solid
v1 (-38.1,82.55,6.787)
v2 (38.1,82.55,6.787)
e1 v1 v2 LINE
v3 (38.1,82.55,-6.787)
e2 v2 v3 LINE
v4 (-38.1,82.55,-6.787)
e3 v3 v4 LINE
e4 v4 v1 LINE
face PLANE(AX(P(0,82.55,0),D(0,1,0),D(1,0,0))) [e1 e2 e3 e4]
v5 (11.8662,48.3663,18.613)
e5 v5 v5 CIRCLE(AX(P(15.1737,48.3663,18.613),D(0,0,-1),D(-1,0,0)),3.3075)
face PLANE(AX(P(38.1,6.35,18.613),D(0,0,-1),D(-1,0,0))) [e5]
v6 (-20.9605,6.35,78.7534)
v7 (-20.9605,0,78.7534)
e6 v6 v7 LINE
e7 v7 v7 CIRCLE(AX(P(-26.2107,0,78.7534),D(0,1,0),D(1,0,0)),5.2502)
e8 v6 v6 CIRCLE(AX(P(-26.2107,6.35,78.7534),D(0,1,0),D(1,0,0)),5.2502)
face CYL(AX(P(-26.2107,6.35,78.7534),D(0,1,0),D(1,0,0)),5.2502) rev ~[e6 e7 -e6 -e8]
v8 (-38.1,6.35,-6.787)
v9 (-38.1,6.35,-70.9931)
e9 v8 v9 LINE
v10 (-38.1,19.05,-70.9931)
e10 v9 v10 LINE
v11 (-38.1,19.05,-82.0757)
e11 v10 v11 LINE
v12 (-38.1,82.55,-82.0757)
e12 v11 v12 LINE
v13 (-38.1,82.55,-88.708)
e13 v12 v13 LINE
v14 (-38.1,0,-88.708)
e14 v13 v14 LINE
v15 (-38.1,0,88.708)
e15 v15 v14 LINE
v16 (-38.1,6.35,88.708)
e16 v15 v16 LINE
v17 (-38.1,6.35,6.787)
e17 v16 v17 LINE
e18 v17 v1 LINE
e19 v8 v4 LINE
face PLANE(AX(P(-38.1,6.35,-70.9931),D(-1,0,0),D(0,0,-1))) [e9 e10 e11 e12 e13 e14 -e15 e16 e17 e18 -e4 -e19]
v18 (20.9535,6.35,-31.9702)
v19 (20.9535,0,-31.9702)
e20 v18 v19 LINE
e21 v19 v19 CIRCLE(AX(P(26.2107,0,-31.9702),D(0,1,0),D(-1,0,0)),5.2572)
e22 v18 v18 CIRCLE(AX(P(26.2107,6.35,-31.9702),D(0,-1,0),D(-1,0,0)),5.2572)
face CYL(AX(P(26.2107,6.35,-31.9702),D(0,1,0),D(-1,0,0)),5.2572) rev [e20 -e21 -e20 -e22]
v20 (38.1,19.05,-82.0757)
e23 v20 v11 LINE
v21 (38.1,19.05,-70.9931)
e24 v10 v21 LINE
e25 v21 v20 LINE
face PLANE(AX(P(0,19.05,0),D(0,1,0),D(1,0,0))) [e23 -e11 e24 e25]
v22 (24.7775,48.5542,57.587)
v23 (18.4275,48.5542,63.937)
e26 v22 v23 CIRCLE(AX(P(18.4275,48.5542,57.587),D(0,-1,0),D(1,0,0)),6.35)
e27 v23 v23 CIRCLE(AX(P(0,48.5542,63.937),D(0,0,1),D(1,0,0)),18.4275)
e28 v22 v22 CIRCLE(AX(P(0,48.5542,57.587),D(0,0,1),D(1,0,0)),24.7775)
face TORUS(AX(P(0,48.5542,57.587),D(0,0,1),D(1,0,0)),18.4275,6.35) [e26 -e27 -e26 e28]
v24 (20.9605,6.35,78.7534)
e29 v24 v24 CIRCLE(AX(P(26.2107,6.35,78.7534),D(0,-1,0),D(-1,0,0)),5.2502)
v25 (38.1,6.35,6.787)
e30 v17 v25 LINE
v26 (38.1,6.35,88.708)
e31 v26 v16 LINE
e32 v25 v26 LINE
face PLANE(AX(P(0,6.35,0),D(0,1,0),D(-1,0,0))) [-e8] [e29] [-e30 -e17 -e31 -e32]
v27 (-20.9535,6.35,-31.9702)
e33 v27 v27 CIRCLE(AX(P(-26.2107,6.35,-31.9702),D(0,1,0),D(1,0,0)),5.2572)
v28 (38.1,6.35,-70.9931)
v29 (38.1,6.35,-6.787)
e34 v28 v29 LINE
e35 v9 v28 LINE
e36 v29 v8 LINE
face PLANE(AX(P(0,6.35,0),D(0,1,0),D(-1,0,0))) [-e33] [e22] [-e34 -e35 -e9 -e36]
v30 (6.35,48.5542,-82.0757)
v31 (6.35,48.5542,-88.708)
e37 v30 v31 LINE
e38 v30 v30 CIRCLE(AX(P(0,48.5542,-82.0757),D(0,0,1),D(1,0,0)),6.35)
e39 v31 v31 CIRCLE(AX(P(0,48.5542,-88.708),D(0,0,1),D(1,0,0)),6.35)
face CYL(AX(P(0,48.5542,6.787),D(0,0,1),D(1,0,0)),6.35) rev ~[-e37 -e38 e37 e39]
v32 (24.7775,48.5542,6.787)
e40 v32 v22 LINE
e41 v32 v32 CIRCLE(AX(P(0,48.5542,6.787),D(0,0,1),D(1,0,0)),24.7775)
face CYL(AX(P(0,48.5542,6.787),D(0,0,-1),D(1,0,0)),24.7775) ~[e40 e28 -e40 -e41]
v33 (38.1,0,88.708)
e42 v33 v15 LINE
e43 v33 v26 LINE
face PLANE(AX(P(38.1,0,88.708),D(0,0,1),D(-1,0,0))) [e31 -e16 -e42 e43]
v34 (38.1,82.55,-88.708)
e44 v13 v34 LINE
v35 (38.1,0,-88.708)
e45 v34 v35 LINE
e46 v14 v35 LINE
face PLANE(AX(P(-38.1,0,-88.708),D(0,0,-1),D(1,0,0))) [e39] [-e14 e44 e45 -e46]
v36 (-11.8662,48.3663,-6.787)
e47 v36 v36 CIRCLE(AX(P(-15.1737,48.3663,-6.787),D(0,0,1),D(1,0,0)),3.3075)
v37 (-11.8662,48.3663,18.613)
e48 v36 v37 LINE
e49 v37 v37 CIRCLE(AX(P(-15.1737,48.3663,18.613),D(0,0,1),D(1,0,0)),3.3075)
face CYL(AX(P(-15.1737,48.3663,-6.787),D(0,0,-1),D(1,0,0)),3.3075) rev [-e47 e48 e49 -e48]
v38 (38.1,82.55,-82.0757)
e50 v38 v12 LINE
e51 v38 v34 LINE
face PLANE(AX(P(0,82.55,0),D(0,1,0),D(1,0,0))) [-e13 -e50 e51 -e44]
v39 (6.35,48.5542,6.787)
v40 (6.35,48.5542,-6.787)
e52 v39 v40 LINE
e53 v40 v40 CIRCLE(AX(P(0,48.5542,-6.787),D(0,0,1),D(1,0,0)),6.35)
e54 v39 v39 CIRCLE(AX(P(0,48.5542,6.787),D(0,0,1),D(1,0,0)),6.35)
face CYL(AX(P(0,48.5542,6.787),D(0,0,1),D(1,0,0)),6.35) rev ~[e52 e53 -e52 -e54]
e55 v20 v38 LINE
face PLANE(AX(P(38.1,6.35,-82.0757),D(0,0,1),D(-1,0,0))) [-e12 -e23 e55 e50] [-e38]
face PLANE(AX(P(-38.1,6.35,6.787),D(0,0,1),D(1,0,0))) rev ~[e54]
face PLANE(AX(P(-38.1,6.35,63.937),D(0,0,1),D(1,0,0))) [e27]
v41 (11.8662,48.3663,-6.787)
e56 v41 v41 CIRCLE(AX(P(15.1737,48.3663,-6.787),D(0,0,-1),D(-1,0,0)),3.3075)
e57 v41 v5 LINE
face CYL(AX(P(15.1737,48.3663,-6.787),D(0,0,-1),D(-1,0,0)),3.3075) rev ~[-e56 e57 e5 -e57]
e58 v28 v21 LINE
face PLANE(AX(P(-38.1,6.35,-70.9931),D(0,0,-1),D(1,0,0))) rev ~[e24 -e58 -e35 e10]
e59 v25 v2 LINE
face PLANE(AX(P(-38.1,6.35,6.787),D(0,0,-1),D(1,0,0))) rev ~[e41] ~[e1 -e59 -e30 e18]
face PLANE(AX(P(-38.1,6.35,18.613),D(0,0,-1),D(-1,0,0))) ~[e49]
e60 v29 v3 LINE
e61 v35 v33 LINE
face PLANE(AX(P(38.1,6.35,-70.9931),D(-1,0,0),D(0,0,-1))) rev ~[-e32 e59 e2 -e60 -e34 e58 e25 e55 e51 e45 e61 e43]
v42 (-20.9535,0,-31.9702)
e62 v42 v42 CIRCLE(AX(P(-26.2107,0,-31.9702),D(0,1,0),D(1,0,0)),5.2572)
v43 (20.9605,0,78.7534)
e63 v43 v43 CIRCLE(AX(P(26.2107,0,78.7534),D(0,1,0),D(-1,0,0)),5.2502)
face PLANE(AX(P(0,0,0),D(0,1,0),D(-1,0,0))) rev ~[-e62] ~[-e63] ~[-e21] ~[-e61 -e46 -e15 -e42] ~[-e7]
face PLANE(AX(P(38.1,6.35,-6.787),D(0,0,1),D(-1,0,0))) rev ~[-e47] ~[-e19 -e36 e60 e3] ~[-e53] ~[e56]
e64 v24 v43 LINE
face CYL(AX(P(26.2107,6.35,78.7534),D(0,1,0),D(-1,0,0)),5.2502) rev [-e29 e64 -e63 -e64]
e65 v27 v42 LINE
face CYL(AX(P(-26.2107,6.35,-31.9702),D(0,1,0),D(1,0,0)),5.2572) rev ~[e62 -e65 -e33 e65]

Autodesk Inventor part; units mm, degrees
ref_plane "YZ Plane" through (0, 0, 0) normal (1, 0, 0) x (0, 1, 0)
ref_plane "XZ Plane" through (0, 0, 0) normal (0, 1, 0) x (-1, 0, 0)
ref_plane "XY Plane" through (0, 0, 0) normal (0, 0, 1) x (1, 0, 0)
sketch "Sketch1" plane through (0, 0, 0) normal (0, 1, 0) x (-1, 0, 0)
  line L0 (-38.1, 88.708) -> (38.1, 88.708)
  line L1 (38.1, 88.708) -> (38.1, -88.708)
  line L2 (38.1, -88.708) -> (-38.1, -88.708)
  line L3 (-38.1, -88.708) -> (-38.1, 88.708)
  line L4 (-38.1, 88.708) -> (38.1, -88.708) construction
  line L5 (38.1, 88.708) -> (-38.1, -88.708) construction
  point P0 (0, 0)
  dimension "d0" = 76.2
extrude "Extrusion1" add sketch "Sketch1" along normal blind 6.35
sketch "Sketch2" plane through (0, 6.35, 0) normal (0, 1, 0) x (1, 0, 0)
  line L0 (38.1, -88.708) -> (38.1, 88.708) projected
  line L1 (-38.1, -6.787) -> (38.1, -6.787)
  line L2 (38.1, -6.787) -> (38.1, 6.787)
  line L3 (38.1, 6.787) -> (-38.1, 6.787)
  line L4 (-38.1, 6.787) -> (-38.1, -6.787)
  line L5 (-38.1, -6.787) -> (38.1, 6.787) construction
  line L6 (38.1, -6.787) -> (-38.1, 6.787) construction
  line L7 (-38.1, 88.708) -> (38.1, 88.708)
  line L8 (38.1, 88.708) -> (38.1, 82.0757)
  line L9 (38.1, 82.0757) -> (-38.1, 82.0757)
  line L10 (-38.1, 82.0757) -> (-38.1, 88.708)
  point P0 (0, 0)
extrude "Extrusion2" add sketch "Sketch2" along normal blind 76.2
sketch "Sketch3" plane through (0, 6.35, 0) normal (0, 1, 0) x (1, 0, 0)
  line L0 (-38.1, -88.708) -> (-38.1, 88.708) projected
  line L1 (38.1, 88.708) -> (-38.1, 88.708)
  line L2 (-38.1, 88.708) -> (-38.1, 70.9931)
  line L3 (-38.1, 70.9931) -> (38.1, 70.9931)
  line L4 (38.1, 70.9931) -> (38.1, 88.708)
  point P0 (0, 0)
extrude "Extrusion3" add sketch "Sketch3" along normal blind 12.7
sketch "Sketch4" plane through (-38.1, 6.35, 6.787) normal (0, 0, 1) x (1, 0, 0)
  circle A0 centre (38.1, 42.2042) radius 6.35
  point P0 (38.1, -6.35)
  dimension "d7" = 12.7
extrude "Extrusion4" cut sketch "Sketch4" against normal blind 100.0125
sketch "Sketch5" plane through (-38.1, 6.35, 6.787) normal (0, 0, 1) x (1, 0, 0)
  circle A0 centre (38.1, 42.2042) radius 24.7775
  circle A1 centre (38.1, 42.2042) radius 6.35 projected
  point P0 (38.1, -6.35)
extrude "Extrusion5" add sketch "Sketch5" along normal blind 57.15 contours A0 | A1
fillet "Fillet1" radius 6.35 1 edges at (-24.7775, 48.5542, 63.937)
sketch "Sketch6" plane through (0, 6.35, 0) normal (0, 1, 0) x (1, 0, 0)
  circle A0 centre (-26.2107, -78.7534) radius 5.2502
  circle A1 centre (-26.2107, 31.9702) radius 5.2572
  point P0 (0, 0)
extrude "Extrusion6" cut sketch "Sketch6" against normal blind 25.4
mirror "Mirror1" about plane through (0, 0, 0) normal (1, 0, 0) of "Extrusion6"
sketch "Sketch7" plane through (38.1, 6.35, -6.787) normal (0, 0, -1) x (-1, 0, 0)
  circle A0 centre (22.9263, 42.0163) radius 3.3075
  point P0 (38.1, -6.35)
extrude "Extrusion7" cut sketch "Sketch7" against normal blind 25.4
mirror "Mirror2" about plane through (0, 0, 0) normal (1, 0, 0) of "Extrusion7"
sketch "Sketch8" plane through (0, 6.35, 0) normal (0, 1, 0) x (1, 0, 0)
  point P0 (0, 0)
properties part number "Motor Fixture"
